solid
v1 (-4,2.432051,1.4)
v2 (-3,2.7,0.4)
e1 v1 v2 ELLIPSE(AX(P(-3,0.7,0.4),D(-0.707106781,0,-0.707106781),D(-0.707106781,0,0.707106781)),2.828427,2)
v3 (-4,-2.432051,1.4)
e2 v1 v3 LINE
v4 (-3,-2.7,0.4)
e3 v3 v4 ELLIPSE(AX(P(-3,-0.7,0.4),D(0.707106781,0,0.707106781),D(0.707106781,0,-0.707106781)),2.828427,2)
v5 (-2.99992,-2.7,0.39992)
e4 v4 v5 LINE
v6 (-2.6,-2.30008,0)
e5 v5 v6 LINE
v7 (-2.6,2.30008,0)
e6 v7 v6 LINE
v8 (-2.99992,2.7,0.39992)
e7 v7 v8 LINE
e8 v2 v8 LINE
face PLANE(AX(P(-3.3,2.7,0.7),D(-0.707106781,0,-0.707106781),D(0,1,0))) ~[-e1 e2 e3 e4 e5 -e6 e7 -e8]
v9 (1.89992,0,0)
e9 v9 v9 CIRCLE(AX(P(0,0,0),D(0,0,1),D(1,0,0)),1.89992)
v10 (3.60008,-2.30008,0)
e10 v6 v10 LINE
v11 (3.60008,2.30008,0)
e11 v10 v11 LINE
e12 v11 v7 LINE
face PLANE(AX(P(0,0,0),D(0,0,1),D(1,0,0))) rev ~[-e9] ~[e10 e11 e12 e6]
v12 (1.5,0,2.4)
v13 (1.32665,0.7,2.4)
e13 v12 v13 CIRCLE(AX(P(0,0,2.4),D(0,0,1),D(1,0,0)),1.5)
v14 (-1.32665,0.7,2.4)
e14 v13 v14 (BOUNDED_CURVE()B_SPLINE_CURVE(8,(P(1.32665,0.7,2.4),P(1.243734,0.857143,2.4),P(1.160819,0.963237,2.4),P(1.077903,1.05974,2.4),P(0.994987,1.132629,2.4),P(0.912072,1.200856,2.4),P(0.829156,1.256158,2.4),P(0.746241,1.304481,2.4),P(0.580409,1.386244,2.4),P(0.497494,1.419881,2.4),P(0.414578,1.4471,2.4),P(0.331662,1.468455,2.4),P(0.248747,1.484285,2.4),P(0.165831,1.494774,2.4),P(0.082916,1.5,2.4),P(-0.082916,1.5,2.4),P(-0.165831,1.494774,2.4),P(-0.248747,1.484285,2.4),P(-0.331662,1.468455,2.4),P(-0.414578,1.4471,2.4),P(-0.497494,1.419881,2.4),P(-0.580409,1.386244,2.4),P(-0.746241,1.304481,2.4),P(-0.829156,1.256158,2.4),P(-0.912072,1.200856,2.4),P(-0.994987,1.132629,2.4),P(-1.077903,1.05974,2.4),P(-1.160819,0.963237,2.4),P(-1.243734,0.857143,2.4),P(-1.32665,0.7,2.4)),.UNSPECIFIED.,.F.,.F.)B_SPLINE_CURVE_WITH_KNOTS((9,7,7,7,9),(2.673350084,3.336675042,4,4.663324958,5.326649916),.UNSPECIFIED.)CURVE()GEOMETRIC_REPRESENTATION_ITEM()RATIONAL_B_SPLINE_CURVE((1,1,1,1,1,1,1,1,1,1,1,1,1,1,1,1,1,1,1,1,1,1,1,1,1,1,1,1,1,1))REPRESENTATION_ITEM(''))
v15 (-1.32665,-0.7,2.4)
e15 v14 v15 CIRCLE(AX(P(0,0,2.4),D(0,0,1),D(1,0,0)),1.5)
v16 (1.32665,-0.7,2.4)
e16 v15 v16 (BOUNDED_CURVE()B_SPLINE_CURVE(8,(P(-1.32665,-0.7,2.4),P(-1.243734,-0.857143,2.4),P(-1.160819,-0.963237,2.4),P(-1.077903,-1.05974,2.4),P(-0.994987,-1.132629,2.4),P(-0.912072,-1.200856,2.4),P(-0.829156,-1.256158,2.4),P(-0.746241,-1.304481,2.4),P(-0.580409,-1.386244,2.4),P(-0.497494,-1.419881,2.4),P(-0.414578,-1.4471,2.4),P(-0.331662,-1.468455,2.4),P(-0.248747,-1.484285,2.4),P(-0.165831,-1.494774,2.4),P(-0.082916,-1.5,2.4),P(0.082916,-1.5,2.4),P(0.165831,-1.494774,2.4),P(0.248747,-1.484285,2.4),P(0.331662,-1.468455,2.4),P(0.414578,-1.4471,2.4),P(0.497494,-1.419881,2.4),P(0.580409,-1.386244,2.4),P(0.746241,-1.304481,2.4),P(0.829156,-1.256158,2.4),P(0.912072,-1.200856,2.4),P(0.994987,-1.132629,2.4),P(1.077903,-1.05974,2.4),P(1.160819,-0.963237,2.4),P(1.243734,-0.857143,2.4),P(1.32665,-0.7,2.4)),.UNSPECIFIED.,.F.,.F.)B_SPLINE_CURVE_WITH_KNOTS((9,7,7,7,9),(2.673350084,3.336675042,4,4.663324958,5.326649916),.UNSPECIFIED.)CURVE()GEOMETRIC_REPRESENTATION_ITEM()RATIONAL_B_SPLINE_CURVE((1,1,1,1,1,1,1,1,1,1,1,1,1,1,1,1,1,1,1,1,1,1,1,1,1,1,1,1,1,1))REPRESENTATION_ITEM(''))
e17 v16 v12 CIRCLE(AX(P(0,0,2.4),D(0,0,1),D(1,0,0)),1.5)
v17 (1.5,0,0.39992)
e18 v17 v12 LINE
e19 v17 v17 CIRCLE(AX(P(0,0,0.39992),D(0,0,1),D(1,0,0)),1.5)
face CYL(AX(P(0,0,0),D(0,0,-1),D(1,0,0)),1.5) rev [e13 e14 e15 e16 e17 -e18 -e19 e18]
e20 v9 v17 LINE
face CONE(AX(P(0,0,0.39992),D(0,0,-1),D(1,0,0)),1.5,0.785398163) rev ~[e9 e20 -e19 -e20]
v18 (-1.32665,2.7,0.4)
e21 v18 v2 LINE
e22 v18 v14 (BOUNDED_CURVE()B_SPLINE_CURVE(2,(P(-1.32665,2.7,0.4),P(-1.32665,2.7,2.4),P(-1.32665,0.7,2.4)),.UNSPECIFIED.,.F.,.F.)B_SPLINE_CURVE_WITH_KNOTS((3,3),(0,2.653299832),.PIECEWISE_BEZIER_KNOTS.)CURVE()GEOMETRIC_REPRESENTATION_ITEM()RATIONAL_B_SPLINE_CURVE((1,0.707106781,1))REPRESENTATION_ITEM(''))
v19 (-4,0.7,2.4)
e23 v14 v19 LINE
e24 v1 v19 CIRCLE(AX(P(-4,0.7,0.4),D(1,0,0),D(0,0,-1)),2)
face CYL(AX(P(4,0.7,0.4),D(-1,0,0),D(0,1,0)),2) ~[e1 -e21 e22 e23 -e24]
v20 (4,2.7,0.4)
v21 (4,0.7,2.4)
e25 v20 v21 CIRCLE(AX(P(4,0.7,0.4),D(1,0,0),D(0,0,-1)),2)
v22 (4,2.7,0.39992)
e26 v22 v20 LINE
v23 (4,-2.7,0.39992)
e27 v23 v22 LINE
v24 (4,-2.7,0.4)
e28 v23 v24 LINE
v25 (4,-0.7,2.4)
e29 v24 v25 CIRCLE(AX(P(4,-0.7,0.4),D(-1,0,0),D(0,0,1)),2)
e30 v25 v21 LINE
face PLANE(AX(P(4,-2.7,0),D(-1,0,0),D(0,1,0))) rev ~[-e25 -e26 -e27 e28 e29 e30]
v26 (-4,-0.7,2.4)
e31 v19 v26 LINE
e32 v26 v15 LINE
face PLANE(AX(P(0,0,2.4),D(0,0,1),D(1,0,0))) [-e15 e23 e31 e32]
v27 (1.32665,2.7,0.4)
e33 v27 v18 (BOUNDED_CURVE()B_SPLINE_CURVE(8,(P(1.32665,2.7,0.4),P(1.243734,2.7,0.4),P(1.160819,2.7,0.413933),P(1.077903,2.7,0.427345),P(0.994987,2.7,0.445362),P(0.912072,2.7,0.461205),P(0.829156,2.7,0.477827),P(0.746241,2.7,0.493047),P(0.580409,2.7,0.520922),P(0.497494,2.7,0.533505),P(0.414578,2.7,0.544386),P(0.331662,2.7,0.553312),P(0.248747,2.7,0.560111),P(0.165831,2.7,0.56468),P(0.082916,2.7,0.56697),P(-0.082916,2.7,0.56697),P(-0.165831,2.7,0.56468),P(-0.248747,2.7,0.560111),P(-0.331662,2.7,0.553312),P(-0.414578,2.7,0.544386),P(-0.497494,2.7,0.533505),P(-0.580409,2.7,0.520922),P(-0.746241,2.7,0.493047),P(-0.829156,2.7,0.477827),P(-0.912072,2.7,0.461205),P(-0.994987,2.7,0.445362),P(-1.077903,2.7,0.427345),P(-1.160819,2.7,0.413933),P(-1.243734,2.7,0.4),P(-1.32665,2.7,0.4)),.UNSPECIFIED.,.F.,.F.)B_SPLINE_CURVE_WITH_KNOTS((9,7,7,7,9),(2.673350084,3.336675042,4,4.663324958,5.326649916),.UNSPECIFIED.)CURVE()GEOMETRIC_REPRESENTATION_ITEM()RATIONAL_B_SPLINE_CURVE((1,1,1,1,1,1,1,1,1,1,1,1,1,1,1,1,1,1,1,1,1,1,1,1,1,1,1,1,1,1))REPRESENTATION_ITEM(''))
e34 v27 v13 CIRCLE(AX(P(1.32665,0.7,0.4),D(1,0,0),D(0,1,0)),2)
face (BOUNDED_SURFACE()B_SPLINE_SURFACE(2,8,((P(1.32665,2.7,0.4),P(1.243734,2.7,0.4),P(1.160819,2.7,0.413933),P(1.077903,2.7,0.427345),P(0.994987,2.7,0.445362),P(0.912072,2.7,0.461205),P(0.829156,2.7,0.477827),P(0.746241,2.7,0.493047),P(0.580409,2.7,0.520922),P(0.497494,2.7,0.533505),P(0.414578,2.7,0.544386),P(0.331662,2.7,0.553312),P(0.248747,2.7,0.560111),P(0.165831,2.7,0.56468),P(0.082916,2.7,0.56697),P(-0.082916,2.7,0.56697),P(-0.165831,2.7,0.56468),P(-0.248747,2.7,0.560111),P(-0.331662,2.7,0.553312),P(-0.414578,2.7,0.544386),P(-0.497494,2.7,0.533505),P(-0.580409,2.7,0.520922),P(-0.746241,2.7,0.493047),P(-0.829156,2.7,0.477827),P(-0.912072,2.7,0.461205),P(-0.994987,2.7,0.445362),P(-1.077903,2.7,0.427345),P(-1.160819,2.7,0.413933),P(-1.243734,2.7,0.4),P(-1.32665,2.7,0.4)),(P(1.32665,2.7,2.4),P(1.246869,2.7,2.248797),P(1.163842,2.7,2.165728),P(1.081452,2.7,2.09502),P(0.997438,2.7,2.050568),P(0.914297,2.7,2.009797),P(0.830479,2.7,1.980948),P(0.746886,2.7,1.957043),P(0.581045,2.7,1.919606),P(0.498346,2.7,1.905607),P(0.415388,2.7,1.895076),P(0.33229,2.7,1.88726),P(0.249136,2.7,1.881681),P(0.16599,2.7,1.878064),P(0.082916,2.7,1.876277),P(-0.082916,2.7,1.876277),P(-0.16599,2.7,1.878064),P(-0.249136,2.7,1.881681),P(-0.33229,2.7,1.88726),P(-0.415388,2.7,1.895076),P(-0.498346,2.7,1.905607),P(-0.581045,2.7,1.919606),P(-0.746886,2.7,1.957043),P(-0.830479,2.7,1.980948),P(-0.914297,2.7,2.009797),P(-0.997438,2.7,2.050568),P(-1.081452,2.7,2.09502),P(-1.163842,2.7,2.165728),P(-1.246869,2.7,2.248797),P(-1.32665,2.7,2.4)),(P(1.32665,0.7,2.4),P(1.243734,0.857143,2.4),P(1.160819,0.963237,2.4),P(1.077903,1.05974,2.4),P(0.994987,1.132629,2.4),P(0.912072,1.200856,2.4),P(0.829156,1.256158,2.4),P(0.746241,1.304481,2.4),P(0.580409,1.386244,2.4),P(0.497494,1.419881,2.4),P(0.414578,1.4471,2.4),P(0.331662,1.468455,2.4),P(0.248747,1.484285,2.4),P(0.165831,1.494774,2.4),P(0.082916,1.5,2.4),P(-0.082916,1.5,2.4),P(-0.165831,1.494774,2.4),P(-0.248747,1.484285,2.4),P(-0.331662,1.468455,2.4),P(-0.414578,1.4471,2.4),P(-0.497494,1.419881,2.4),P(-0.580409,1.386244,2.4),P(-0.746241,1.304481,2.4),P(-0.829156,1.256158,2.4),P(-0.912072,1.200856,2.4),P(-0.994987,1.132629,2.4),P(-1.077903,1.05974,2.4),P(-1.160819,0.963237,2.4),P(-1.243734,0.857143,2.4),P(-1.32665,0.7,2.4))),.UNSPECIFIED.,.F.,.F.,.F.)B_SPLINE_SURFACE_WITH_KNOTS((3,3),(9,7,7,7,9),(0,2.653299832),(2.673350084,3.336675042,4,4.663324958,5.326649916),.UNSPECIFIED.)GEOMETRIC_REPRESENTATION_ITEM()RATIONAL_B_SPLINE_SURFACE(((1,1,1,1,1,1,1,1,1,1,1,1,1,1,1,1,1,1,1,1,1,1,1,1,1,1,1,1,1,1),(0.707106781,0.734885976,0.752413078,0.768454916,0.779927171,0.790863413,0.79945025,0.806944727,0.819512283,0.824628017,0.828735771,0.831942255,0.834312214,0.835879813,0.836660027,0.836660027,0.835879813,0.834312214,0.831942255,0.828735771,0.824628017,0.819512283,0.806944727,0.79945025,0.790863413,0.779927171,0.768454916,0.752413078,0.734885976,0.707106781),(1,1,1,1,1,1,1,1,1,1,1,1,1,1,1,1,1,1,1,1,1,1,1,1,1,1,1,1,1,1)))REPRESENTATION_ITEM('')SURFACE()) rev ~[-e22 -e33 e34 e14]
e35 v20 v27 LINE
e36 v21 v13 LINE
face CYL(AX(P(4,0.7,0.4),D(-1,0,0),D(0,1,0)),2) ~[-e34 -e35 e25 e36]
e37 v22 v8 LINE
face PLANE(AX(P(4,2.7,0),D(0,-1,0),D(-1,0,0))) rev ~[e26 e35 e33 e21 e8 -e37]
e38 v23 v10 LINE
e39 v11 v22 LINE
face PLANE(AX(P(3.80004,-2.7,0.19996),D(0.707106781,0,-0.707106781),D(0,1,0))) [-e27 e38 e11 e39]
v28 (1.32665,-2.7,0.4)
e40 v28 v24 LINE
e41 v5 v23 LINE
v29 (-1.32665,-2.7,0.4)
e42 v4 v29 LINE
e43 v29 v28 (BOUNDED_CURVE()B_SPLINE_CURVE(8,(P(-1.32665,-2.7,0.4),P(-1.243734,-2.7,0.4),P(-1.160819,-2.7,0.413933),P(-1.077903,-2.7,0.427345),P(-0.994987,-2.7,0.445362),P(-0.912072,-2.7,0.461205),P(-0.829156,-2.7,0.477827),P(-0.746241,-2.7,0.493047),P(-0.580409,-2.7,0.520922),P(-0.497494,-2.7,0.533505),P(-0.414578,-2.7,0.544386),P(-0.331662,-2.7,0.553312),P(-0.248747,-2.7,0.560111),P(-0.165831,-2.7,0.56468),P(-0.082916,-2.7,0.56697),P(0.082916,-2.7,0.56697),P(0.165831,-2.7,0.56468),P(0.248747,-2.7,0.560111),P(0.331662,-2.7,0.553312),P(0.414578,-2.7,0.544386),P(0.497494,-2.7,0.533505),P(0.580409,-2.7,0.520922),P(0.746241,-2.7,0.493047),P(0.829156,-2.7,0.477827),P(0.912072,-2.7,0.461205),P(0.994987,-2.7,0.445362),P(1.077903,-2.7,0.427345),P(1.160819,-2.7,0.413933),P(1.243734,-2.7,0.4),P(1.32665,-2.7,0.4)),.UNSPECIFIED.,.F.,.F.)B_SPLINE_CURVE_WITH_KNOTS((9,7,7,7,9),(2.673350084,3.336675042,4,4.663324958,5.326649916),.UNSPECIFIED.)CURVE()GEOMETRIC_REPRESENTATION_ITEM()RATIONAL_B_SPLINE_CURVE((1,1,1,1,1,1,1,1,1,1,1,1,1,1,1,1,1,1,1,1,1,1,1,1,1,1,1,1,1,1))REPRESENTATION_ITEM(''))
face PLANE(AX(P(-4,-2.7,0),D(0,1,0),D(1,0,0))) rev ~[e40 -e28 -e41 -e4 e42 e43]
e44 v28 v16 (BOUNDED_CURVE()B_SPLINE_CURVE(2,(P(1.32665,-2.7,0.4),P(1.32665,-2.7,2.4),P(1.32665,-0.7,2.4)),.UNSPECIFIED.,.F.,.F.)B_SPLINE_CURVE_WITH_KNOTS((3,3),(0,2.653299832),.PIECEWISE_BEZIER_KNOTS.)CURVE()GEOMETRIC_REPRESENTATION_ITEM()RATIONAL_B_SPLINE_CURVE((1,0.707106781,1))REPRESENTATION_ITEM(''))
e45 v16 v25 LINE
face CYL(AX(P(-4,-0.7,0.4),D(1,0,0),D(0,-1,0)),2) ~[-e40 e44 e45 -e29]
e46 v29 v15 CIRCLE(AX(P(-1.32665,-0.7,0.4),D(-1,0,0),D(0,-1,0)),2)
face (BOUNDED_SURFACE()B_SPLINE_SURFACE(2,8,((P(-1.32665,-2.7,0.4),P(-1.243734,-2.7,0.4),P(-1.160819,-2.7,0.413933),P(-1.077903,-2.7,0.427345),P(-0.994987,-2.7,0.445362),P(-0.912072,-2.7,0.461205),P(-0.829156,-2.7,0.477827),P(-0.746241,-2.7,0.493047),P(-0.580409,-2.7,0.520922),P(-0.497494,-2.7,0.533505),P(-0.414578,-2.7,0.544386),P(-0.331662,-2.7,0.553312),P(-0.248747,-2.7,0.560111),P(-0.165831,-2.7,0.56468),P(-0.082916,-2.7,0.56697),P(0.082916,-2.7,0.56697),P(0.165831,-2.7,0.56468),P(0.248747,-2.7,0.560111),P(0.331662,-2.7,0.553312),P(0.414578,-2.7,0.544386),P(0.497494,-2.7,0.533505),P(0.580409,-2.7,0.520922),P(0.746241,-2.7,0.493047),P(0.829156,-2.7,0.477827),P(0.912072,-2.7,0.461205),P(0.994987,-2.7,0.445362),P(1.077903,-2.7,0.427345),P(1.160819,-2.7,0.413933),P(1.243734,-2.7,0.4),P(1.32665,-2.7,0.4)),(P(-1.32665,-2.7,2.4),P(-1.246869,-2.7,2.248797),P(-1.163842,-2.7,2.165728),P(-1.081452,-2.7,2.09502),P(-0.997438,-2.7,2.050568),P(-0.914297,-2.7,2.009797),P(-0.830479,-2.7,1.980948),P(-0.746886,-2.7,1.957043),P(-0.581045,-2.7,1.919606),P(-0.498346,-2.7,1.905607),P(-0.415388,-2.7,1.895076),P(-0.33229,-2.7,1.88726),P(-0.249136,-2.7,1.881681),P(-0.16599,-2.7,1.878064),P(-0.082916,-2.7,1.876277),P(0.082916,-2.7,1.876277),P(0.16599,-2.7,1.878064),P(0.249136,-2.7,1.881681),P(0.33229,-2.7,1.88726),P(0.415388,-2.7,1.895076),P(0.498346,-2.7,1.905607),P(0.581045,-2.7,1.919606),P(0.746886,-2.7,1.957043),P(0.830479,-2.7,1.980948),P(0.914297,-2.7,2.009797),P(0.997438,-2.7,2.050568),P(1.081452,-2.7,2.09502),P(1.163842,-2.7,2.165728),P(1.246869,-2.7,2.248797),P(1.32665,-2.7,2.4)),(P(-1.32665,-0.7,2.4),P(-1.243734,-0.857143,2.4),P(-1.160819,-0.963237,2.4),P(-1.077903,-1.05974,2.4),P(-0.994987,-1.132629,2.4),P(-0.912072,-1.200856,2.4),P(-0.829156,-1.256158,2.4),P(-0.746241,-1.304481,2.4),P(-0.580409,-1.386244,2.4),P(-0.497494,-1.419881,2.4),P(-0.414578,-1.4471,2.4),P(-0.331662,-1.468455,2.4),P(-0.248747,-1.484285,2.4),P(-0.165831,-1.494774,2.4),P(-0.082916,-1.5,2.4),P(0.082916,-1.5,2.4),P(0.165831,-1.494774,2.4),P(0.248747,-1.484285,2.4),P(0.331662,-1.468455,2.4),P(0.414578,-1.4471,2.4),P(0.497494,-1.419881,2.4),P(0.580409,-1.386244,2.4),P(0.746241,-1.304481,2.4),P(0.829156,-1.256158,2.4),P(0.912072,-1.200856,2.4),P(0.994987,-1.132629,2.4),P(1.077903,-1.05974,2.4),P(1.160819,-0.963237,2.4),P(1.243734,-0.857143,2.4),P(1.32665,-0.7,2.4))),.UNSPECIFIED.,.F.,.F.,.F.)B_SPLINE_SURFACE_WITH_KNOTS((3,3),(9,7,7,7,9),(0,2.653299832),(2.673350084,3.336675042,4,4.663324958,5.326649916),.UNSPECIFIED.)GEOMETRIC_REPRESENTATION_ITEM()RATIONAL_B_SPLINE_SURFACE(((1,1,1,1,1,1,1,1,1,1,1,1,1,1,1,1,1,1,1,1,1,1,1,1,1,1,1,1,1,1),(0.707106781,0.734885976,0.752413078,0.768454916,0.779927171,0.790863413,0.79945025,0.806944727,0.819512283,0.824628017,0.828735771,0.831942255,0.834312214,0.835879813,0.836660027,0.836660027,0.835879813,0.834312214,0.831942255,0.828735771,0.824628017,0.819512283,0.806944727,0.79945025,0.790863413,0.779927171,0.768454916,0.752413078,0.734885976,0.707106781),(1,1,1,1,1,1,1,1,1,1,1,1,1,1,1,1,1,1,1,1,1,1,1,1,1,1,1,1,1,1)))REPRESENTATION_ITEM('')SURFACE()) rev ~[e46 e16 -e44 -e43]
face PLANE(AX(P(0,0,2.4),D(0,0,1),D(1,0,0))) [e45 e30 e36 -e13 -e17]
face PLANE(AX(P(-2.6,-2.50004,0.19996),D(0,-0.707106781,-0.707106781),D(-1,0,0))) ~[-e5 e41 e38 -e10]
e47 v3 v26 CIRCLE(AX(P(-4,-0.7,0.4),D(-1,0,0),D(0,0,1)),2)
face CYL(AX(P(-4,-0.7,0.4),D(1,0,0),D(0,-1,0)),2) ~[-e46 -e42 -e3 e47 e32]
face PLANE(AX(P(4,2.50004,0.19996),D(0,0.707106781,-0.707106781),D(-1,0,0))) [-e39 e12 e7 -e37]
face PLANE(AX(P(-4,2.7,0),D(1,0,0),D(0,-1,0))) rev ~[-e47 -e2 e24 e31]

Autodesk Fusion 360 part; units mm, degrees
sketch "Sketch1" plane through (0, 0, 0) normal (0, 0, 1) x (1, 0, 0)
  line L0 (4, 2.7) -> (-4, 2.7)
  line L1 (-4, 2.7) -> (-4, -2.7)
  line L2 (-4, -2.7) -> (4, -2.7)
  line L3 (4, -2.7) -> (4, 2.7)
  line L4 (4, 2.7) -> (-4, -2.7) construction
  line L5 (-4, 2.7) -> (4, -2.7) construction
  circle A0 centre (0, 0) radius 1.5
  dimension "d1" = 5.4
  dimension "d2" = 8
  dimension "d3" = 3
extrude "Extrude1" add sketch "Sketch1" along normal blind 2.4
fillet "Fillet1" radius 2 2 edges at (0, -2.7, 2.4) (0, 2.7, 2.4)
chamfer "Chamfer2" distance 1.4 distance2 1.4 1 edges at (-4, 0, 0) measured on face at (-4, 0.2333, 0.8)
sketch "Sketch2" plane through (0, 0, 0) normal (0, 0, -1) x (1, 0, 0)
  line L0 (-2.6, 2.7) -> (-2.6, -2.7)
  line L1 (-2.6, -2.7) -> (4, -2.7)
  line L2 (4, -2.7) -> (4, 2.7)
  line L3 (4, 2.7) -> (-2.6, 2.7)
  circle A0 centre (0, 0) radius 1.5
  line L4 (0, 2.7) -> (0, -2.7) construction
  line L5 (2.7, -2.7) -> (2.7, 2.7)
  dimension "d12" = 2.7
chamfer "Chamfer3" distance 0.4 angle 45 4 edges at (0.7, -2.7, 0) (4, 0, 0) (0.7, 2.7, 0) (-1.3985, 0.5424, 0)
equation "d12 = ( 5.4 / 2 ) * 1 mm"
